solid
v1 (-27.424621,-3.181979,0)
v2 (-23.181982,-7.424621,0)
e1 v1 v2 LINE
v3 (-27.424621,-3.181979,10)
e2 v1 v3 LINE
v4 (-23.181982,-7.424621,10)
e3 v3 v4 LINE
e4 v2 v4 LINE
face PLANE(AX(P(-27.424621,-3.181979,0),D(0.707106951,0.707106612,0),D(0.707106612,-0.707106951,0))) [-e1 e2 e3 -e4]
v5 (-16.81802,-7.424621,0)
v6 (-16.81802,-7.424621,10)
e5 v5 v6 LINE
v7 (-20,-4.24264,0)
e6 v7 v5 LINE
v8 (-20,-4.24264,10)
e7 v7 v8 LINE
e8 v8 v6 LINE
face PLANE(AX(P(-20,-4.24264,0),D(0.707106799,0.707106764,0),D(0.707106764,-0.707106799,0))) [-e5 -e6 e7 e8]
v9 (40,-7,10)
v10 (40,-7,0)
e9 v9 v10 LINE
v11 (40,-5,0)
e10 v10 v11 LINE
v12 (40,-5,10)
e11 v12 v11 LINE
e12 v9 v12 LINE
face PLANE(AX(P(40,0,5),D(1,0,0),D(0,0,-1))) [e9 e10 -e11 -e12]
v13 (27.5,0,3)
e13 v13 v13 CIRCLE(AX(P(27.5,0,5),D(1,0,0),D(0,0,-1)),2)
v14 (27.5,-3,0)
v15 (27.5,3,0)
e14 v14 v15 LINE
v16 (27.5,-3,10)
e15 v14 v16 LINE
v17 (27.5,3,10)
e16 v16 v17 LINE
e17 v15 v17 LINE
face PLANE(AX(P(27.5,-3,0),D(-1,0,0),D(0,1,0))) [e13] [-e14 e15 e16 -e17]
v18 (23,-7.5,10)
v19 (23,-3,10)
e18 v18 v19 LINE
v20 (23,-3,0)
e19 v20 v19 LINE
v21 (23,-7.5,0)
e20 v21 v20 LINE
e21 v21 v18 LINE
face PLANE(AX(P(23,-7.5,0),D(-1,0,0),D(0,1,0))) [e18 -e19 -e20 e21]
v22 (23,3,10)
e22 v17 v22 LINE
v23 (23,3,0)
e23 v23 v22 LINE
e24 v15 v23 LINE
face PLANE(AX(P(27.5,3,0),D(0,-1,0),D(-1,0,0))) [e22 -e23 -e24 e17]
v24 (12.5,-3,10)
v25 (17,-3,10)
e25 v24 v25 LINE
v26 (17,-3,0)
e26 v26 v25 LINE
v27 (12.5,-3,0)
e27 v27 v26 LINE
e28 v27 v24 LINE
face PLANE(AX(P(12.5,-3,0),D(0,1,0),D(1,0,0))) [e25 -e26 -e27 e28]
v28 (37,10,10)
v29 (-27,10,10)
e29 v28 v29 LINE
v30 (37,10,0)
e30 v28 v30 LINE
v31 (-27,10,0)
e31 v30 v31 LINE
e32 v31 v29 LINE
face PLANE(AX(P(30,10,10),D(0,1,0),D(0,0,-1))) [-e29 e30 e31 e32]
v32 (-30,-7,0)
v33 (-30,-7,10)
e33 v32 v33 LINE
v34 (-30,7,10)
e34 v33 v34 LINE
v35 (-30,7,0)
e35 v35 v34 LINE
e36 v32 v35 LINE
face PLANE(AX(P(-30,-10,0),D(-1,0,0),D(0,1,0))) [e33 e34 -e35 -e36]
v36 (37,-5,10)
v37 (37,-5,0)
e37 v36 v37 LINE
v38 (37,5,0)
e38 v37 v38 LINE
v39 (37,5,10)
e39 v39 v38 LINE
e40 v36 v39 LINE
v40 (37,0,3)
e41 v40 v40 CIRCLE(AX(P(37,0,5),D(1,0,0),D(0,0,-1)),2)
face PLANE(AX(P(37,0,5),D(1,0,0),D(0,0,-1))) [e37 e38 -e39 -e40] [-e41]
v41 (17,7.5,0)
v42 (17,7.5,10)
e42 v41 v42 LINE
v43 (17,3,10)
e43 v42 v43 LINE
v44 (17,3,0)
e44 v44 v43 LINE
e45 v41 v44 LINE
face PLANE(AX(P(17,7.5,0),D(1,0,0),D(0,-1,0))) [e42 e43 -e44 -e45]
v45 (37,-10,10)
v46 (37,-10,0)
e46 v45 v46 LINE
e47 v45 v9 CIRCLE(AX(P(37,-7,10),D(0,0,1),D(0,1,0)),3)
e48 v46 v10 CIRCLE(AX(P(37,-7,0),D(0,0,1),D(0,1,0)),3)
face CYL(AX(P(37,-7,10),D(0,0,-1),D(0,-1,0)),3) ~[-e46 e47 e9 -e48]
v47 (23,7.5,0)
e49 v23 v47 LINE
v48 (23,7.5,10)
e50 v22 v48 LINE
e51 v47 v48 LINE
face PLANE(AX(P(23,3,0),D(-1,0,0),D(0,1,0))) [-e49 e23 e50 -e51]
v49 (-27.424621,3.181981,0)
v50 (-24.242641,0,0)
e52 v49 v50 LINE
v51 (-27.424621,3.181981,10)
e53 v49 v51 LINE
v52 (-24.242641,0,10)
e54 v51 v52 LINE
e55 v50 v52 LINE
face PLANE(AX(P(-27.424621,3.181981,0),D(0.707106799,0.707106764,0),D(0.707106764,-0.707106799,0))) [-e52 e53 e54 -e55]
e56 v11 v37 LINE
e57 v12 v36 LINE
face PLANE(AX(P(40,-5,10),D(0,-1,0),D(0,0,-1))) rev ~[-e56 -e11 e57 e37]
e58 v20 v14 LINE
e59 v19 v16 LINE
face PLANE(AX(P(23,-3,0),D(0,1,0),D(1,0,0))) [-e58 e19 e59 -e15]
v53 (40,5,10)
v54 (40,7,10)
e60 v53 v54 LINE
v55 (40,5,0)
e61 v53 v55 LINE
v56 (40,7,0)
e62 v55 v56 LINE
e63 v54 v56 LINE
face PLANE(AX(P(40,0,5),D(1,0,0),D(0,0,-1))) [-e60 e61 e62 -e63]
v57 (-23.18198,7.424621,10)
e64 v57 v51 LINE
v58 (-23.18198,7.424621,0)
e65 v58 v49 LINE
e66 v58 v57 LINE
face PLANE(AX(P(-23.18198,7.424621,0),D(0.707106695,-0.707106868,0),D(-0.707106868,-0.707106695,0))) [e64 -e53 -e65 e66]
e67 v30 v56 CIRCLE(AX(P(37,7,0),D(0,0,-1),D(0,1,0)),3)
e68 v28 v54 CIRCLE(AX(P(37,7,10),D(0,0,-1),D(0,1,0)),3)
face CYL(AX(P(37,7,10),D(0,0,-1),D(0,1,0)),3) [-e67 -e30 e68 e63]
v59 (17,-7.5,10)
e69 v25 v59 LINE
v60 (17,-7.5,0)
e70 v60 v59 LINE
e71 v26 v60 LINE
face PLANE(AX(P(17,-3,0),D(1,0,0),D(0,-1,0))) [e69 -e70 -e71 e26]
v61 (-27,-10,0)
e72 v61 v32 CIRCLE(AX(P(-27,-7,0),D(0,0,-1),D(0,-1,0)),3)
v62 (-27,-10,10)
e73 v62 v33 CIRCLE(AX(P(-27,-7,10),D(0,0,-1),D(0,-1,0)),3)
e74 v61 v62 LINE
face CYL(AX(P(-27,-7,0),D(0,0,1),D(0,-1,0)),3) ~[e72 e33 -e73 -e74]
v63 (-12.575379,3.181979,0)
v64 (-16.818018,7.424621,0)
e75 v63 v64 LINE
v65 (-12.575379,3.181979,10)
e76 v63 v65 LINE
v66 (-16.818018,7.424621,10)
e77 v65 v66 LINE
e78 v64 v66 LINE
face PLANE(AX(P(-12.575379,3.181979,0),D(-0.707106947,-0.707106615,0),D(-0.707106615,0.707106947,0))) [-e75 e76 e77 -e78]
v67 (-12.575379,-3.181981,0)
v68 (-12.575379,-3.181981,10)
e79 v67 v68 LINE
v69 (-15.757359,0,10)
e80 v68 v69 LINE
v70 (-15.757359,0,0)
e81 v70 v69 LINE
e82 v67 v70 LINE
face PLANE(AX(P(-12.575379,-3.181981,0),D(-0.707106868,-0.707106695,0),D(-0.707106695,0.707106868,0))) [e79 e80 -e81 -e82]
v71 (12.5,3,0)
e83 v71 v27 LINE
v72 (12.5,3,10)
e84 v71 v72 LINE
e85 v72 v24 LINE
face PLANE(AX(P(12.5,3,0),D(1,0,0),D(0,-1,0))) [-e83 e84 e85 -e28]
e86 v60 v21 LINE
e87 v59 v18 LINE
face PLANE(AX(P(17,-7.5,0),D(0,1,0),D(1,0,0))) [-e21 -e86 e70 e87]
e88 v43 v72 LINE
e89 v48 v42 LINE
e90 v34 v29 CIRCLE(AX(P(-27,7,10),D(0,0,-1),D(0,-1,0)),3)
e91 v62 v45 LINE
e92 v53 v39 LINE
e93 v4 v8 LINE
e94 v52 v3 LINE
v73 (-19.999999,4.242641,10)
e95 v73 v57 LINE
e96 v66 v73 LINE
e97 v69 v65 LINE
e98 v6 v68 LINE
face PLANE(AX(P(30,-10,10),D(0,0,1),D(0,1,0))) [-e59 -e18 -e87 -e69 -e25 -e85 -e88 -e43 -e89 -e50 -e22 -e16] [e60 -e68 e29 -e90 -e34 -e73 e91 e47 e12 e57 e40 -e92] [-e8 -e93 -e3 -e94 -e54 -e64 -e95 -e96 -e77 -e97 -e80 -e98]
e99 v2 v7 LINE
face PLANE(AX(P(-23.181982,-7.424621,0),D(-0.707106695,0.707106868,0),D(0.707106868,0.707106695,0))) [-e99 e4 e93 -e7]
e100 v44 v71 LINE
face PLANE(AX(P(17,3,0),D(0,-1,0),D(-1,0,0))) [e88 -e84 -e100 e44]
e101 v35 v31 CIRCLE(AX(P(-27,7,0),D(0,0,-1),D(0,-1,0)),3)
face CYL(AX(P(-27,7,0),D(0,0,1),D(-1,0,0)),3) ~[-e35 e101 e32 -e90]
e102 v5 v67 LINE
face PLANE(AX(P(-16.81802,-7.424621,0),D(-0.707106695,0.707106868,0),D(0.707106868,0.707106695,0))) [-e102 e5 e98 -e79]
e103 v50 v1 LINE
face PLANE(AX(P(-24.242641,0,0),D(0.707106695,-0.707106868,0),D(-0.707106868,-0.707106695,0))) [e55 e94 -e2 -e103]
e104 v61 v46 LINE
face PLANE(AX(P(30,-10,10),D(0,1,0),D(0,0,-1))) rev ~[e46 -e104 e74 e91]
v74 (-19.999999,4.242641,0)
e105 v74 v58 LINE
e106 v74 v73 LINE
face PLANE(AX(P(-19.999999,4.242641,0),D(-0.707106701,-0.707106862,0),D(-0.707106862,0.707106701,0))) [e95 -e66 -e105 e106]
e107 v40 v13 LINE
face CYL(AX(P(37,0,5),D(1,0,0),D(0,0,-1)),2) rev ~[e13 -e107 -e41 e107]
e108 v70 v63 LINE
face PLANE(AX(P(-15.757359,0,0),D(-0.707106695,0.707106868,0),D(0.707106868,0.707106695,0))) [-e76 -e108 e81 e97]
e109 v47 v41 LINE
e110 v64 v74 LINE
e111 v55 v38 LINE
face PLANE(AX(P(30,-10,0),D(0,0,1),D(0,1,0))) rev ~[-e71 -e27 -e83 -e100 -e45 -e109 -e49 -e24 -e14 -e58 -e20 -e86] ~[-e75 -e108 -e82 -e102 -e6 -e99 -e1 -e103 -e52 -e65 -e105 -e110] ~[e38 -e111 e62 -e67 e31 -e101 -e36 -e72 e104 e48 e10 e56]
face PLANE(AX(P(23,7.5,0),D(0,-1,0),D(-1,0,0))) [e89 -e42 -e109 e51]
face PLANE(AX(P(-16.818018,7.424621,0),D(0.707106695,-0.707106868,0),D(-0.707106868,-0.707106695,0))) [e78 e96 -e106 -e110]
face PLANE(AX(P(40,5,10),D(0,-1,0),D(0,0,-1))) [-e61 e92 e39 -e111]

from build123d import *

# Parameters (mm, degrees)
SKETCH1_W           = 60
SKETCH1_H           = 20
BOSS_EXTRUDE5_DEPTH = 10
SKETCH4_W           = 10
SKETCH4_H           = 20
BOSS_EXTRUDE6_DEPTH = 10
SKETCH5_W           = 10
SKETCH5_H           = 10
CUT_EXTRUDE4_DEPTH  = 3
SKETCH6_R           = 2
CUT_EXTRUDE5_DEPTH  = 14
FILLET2_R           = 3


with BuildPart() as part:
    # Sketch1 → Boss-Extrude5 (new body)
    with BuildSketch(Plane.XY):
        Rectangle(SKETCH1_W, SKETCH1_H)
        Polygon((-23.181980124, 7.42462107), (-27.42462133, 3.181980902), (-24.242640893, 3.09e-07), (-27.424621334, -3.181979354), (-23.181981665, -7.424621059), (-20.00000031, -4.242640483), (-16.818019873, -7.424621076), (-12.575378663, -3.181980905), (-15.757358789, 0), (-12.575378649, 3.181979361), (-16.818018342, 7.424621043), (-19.999999246, 4.242640917), align=None, mode=Mode.SUBTRACT)
        Polygon((23, 7.5), (17, 7.5), (17, 3), (12.5, 3), (12.5, -3), (17, -3), (17, -7.5), (23, -7.5), (23, -3), (27.5, -3), (27.5, 3), (23, 3), align=None, mode=Mode.SUBTRACT)
    extrude(amount=BOSS_EXTRUDE5_DEPTH)

    # Sketch4 → Boss-Extrude6 (add)
    with BuildSketch(Plane(origin=(30, 0, 0), x_dir=(0, 0, -1), z_dir=(1, 0, 0))):
        with Locations((-5, 0)):
            Rectangle(SKETCH4_W, SKETCH4_H)
    extrude(amount=BOSS_EXTRUDE6_DEPTH)

    # Sketch5 → Cut-Extrude4 (cut)
    with BuildSketch(Plane(origin=(40, 0, 0), x_dir=(0, 0, -1), z_dir=(1, 0, 0))):
        with Locations((-5, 0)):
            Rectangle(SKETCH5_W, SKETCH5_H)
    extrude(amount=-CUT_EXTRUDE4_DEPTH, mode=Mode.SUBTRACT)

    # Sketch6 → Cut-Extrude5 (cut)
    with BuildSketch(Plane(origin=(37, 0, 0), x_dir=(0, 0, -1), z_dir=(1, 0, 0))):
        with Locations((-5, 0)):
            Circle(SKETCH6_R)
    extrude(amount=-CUT_EXTRUDE5_DEPTH, mode=Mode.SUBTRACT)

    # Fillet2
    fillet2_edges = [part.edges().sort_by_distance(p)[0] for p in [
        (-30, 10, 5),
        (-30, -10, 5),
        (40, 10, 5),
        (40, -10, 5),
    ]]
    fillet(fillet2_edges, radius=FILLET2_R)


solid = part.part
